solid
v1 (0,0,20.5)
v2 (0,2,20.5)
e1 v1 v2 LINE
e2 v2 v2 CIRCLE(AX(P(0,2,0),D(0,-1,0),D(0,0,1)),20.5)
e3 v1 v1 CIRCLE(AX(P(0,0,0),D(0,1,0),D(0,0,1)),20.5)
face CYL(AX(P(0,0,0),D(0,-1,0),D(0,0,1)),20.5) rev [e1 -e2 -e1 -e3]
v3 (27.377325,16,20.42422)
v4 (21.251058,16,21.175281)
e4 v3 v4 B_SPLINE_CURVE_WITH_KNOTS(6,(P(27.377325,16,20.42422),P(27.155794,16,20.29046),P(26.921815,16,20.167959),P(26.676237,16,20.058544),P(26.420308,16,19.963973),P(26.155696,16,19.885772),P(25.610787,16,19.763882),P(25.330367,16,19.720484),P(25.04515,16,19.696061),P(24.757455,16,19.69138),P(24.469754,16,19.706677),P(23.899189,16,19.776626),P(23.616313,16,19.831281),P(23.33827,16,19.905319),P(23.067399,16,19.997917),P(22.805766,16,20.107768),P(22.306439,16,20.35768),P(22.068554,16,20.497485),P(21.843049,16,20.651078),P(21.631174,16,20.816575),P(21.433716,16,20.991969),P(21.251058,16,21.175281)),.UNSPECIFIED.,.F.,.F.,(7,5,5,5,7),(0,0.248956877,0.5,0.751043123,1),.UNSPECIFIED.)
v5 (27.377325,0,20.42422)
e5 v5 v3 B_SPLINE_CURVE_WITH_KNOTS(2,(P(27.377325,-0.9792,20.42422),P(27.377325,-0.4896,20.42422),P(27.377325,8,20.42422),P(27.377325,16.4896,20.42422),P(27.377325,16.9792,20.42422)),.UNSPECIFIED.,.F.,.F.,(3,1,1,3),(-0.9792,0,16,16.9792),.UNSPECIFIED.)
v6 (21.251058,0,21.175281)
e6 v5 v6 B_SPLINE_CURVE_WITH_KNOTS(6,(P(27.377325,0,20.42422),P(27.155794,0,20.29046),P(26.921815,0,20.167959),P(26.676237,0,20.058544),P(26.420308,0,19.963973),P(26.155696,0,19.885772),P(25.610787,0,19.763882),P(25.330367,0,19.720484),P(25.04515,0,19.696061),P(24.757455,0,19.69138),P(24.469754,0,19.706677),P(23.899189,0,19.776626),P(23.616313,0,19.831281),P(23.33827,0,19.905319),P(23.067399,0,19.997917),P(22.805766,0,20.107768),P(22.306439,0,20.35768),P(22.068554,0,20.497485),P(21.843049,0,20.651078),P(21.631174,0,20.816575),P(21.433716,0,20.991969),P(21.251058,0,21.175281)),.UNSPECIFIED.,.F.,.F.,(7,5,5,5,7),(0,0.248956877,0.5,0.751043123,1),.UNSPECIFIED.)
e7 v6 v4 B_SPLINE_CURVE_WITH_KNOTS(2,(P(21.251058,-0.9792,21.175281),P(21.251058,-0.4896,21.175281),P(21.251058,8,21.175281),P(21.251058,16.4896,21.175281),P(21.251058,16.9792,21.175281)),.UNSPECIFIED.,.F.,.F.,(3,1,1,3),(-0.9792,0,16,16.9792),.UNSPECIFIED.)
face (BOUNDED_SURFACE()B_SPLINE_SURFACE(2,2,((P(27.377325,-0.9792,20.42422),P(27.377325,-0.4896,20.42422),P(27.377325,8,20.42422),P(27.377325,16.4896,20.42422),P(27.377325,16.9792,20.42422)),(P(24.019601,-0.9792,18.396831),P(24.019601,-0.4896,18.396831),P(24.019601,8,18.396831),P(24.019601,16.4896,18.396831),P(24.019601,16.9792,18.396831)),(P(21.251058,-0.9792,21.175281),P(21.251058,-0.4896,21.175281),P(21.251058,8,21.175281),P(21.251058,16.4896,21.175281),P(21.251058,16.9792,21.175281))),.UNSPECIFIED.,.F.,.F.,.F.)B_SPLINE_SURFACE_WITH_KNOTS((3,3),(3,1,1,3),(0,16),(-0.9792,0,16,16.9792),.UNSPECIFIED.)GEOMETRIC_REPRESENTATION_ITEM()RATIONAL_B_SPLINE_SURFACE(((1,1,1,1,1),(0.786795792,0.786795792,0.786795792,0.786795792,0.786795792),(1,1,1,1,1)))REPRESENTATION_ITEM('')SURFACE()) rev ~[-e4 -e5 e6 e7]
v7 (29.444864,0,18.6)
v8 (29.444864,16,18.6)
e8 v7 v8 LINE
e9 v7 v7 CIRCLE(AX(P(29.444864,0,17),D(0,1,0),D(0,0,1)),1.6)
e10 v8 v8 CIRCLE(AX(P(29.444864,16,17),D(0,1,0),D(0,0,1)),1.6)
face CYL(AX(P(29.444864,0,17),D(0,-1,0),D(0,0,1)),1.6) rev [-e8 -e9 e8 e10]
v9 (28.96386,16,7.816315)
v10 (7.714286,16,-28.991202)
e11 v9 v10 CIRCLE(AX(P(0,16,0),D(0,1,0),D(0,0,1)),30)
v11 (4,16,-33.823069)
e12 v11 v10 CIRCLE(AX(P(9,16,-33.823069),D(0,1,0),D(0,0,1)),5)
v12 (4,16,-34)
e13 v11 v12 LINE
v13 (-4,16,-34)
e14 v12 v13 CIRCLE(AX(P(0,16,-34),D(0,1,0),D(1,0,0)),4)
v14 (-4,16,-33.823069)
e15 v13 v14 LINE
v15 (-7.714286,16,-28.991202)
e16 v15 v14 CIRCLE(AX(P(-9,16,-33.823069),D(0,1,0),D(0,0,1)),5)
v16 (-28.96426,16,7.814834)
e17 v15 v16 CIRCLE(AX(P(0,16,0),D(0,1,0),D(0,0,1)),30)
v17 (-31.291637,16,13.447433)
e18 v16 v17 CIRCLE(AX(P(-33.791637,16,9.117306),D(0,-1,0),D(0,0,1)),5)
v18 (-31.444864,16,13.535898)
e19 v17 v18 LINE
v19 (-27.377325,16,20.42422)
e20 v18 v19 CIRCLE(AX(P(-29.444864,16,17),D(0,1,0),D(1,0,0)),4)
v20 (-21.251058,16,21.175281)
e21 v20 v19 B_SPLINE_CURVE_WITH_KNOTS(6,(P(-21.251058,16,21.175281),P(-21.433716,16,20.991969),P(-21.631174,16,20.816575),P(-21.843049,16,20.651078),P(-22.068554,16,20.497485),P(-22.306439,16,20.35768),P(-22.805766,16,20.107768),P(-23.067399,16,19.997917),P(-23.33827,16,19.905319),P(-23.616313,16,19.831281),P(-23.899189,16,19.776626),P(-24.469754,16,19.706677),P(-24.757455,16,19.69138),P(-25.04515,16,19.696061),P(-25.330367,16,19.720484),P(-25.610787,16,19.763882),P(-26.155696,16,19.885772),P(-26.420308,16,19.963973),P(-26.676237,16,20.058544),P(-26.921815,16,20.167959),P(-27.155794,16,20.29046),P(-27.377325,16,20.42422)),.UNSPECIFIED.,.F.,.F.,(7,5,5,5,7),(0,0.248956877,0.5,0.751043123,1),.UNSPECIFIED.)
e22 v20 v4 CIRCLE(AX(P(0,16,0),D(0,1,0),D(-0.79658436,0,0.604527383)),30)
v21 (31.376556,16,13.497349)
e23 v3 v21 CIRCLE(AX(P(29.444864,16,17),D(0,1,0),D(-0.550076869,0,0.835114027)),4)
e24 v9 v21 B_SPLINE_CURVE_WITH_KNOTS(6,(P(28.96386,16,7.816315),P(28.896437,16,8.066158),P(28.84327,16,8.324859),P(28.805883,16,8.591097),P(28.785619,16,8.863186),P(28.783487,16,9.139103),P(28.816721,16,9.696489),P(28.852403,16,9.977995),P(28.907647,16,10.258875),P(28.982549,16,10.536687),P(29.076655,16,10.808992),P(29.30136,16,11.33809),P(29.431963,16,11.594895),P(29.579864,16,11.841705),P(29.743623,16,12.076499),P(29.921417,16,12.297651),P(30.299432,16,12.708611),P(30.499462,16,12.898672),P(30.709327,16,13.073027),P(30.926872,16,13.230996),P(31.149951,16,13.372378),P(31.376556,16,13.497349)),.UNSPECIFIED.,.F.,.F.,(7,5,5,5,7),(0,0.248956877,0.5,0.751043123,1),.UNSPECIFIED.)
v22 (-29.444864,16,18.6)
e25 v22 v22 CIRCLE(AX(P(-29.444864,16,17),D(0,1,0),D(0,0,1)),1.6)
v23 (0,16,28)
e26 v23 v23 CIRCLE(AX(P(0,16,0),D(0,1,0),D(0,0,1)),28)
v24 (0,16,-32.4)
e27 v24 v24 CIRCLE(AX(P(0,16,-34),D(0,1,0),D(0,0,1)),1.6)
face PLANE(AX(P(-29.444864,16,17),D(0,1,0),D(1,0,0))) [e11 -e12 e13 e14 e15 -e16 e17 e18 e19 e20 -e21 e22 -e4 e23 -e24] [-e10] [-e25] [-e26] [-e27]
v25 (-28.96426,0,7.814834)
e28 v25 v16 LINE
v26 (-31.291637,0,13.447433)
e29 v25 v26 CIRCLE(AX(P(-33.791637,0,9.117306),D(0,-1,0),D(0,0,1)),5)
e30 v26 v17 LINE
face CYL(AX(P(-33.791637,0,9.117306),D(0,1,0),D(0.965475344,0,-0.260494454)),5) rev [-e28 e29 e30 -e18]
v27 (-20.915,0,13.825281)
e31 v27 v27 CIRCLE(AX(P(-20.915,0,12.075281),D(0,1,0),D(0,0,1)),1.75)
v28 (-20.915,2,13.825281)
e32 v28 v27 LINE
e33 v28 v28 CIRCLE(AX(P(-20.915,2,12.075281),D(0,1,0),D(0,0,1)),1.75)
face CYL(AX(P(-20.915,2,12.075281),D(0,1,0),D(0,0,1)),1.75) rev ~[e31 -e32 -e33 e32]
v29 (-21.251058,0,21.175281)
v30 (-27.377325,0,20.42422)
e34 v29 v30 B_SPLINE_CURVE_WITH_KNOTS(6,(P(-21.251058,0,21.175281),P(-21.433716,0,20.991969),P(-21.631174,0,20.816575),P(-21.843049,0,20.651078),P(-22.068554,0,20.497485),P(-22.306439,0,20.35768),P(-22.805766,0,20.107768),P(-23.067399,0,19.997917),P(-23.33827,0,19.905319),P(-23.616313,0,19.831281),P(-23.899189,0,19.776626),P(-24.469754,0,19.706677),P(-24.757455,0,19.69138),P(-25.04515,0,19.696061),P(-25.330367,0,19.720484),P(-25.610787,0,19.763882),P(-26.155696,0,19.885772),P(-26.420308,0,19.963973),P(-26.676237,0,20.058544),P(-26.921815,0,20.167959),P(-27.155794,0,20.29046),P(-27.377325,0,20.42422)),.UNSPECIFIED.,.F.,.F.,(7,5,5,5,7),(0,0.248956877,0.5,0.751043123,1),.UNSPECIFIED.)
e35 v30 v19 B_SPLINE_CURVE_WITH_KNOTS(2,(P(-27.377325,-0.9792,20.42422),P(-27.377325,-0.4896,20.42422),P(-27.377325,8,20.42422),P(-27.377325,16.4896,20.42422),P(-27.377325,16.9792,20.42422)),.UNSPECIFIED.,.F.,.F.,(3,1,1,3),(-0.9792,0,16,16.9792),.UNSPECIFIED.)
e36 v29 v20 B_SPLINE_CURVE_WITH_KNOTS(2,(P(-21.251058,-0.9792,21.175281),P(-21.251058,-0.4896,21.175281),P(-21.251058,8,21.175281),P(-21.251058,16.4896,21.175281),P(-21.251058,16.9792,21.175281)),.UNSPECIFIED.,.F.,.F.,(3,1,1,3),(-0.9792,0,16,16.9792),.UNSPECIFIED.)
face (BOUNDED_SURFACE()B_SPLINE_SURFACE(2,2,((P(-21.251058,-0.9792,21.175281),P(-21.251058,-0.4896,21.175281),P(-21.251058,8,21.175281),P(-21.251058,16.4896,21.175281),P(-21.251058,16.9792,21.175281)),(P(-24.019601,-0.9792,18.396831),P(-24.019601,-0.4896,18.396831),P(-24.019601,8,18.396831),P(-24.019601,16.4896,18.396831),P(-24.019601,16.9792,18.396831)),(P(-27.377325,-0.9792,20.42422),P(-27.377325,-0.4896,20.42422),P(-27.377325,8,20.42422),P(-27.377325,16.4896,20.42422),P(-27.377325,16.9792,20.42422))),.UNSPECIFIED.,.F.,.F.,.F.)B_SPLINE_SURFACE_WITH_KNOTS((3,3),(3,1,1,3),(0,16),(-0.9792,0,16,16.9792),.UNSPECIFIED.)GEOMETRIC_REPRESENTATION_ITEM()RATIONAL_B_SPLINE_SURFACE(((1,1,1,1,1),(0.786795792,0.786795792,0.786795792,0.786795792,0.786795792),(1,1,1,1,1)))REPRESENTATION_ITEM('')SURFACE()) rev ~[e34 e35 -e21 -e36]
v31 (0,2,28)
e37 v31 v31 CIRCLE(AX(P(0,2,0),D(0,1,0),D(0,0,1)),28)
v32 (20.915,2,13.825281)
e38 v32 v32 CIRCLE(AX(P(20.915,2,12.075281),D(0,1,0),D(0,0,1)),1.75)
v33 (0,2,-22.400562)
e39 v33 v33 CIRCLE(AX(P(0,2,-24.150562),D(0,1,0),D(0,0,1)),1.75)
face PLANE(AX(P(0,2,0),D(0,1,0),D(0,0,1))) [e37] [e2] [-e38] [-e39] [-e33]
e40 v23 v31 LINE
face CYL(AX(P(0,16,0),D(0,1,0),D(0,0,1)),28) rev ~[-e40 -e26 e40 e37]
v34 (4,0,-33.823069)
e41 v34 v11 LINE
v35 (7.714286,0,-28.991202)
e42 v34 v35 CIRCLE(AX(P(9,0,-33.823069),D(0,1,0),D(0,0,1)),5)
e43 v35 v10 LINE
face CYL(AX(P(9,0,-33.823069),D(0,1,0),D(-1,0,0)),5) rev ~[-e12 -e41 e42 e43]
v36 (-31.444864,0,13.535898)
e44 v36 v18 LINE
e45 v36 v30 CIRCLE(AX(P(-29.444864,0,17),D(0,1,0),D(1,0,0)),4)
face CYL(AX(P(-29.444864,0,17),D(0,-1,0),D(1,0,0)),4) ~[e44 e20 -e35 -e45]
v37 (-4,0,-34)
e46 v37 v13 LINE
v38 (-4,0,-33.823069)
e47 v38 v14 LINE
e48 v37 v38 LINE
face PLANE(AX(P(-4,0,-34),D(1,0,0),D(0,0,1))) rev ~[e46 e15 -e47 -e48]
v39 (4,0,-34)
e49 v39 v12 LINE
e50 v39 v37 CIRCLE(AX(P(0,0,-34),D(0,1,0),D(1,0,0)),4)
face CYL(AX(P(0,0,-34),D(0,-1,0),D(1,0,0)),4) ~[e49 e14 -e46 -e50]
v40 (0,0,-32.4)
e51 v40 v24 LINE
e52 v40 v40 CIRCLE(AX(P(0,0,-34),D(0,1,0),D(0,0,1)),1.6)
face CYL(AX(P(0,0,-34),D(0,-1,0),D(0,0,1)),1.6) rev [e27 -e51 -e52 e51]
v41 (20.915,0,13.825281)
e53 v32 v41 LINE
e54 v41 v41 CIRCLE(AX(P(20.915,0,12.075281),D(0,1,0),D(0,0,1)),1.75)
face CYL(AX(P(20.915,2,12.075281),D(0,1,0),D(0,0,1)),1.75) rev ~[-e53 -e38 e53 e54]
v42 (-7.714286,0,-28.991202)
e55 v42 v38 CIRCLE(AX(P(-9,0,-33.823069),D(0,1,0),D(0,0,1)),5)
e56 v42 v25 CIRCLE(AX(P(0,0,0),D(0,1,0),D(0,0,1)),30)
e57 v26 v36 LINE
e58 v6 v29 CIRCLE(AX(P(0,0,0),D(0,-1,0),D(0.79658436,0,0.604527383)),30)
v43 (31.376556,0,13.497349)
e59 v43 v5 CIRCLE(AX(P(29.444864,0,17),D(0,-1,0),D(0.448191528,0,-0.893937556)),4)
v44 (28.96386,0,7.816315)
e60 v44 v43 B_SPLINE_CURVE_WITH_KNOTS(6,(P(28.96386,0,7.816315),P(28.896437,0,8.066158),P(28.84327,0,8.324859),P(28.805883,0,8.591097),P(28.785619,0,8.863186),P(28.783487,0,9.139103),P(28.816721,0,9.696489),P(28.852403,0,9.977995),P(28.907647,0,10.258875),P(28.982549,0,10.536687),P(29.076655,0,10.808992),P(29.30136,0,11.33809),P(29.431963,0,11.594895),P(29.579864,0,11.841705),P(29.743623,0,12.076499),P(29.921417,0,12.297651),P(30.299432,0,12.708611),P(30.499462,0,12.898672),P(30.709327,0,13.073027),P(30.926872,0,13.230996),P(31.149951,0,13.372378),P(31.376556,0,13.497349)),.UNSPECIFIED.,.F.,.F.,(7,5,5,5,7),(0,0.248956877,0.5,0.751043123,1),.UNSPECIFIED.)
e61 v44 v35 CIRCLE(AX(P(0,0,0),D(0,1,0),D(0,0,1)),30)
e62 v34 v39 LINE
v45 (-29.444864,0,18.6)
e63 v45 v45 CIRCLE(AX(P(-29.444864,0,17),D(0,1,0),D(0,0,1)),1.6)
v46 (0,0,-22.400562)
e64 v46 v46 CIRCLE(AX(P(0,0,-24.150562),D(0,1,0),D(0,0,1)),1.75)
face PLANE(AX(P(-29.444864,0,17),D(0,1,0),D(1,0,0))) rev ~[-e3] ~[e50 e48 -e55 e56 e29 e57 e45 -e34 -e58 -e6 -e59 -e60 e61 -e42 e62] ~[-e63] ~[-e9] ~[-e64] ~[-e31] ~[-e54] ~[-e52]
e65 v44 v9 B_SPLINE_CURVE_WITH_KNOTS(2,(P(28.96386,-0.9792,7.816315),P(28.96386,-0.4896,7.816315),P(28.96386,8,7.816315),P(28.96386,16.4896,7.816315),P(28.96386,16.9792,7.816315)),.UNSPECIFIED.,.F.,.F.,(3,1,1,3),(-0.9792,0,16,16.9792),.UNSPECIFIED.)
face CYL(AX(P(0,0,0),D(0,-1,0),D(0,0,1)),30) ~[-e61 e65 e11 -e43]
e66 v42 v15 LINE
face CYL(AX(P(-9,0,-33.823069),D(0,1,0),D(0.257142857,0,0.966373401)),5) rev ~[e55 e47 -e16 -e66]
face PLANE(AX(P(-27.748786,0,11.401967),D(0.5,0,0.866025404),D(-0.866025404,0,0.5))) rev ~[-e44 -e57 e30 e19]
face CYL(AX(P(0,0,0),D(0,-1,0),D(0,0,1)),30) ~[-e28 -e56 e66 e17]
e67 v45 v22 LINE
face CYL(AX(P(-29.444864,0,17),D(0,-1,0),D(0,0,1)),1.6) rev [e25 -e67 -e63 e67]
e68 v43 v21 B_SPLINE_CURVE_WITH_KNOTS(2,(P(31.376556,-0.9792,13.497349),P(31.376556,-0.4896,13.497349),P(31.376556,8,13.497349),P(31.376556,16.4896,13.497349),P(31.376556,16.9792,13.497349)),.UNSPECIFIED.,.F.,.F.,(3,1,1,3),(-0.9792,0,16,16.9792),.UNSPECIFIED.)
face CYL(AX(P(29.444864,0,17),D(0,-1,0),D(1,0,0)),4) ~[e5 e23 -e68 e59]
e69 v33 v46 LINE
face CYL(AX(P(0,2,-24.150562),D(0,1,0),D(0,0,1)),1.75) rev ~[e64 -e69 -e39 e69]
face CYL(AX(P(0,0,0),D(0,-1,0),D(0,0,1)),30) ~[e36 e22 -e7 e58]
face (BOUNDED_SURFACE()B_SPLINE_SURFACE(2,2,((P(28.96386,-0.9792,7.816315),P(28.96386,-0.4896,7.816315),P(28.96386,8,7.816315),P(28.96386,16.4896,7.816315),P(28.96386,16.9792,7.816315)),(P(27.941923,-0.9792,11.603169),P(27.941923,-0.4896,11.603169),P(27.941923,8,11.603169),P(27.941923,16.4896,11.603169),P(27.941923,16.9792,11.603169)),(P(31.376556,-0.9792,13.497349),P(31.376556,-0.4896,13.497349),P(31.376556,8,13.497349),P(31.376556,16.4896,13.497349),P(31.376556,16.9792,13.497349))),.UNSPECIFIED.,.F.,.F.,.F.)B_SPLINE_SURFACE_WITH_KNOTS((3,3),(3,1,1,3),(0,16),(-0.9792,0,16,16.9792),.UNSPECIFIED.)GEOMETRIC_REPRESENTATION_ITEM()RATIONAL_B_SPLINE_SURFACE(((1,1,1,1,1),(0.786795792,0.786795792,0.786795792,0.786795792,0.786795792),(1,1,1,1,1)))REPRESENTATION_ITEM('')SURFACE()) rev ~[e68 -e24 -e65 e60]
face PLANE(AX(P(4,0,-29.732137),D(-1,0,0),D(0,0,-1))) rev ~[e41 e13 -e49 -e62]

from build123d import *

# Parameters (mm, degrees)
SKETCH1_R           = 30
SKETCH1_R_2         = 20.5
BOSS_EXTRUDE1_DEPTH = 16
SKETCH2_R           = 28
CUT_EXTRUDE1_DEPTH  = 14
BOSS_EXTRUDE2_START = -16
SKETCH4_R           = 4
SKETCH4_R_2         = 1.6
BOSS_EXTRUDE2_DEPTH = 16
FILLET1_R           = 5
SKETCH5_R           = 1.75
CUT_EXTRUDE2_DEPTH  = 53.521985177


with BuildPart() as part:
    # Sketch1 → Boss-Extrude1 (new body)
    with BuildSketch(Plane(origin=(0, 0, 0), x_dir=(1, 0, 0), z_dir=(0, 1, 0))):
        with Locations(Location((0, 0, 0), (0, 0, 270))):
            Circle(SKETCH1_R)
        with Locations(Location((0, 0, 0), (0, 0, 270))):
            Circle(SKETCH1_R_2, mode=Mode.SUBTRACT)
    extrude(amount=BOSS_EXTRUDE1_DEPTH)

    # Sketch2 → Cut-Extrude1 (cut)
    with BuildSketch(Plane(origin=(0, 16, 0), x_dir=(1, 0, 0), z_dir=(0, 1, 0))):
        with Locations(Location((0, 0, 0), (0, 0, 270))):
            Circle(SKETCH2_R)
    extrude(amount=-CUT_EXTRUDE1_DEPTH, mode=Mode.SUBTRACT)

    # Sketch4 → Boss-Extrude2 (add)
    # profile 1 of 9: a face of its own
    with BuildSketch(Plane(origin=(0, 16, 0), x_dir=(1, 0, 0), z_dir=(0, 1, 0)).offset(BOSS_EXTRUDE2_START)):
        with Locations((-29.444863729, -17)):
            Circle(SKETCH4_R)
        with Locations(Location((-29.444863729, -17, 0), (0, 0, 270))):
            Circle(SKETCH4_R_2, mode=Mode.SUBTRACT)
    # profile 2 of 9: a face of its own
    with BuildSketch(Plane(origin=(0, 16, 0), x_dir=(1, 0, 0), z_dir=(0, 1, 0)).offset(BOSS_EXTRUDE2_START)):
        with BuildLine():
            ThreePointArc((-23.897530801, -18.135821504), (-24.988384694, -16.600621385), (-25.980762095, -15.000000032))
            ThreePointArc((-25.980762095, -15.000000032), (-25.581160419, -15.964723837), (-25.444863729, -17))
            ThreePointArc((-25.444863729, -17), (-25.92341304, -18.897204534), (-27.244556251, -20.340456107))
            Line((-27.244556251, -20.340456107), (-23.897530801, -18.135821504))
        make_face()
    # profile 3 of 9: a face of its own
    with BuildSketch(Plane(origin=(0, 16, 0), x_dir=(1, 0, 0), z_dir=(0, 1, 0)).offset(BOSS_EXTRUDE2_START)):
        with BuildLine():
            ThreePointArc((-25.980762095, -15.000000032), (-26.92494299, -13.230549686), (-27.748786379, -11.401967132))
            Line((-27.748786379, -11.401967132), (-31.444863729, -13.535898385))
            ThreePointArc((-31.444863729, -13.535898385), (-28.40958753, -13.1362967), (-25.980762095, -15.000000032))
        make_face()
    # profile 4 of 9: a face of its own
    with BuildSketch(Plane(origin=(0, 16, 0), x_dir=(1, 0, 0), z_dir=(0, 1, 0)).offset(BOSS_EXTRUDE2_START)):
        with Locations((0, 34)):
            Circle(SKETCH4_R)
        with Locations(Location((0, 34, 0), (0, 0, 270))):
            Circle(SKETCH4_R_2, mode=Mode.SUBTRACT)
    # profile 5 of 9: a face of its own
    with BuildSketch(Plane(origin=(0, 16, 0), x_dir=(1, 0, 0), z_dir=(0, 1, 0)).offset(BOSS_EXTRUDE2_START)):
        with BuildLine():
            Line((4, 29.732137495), (4, 34))
            ThreePointArc((4, 34), (2.828427119, 31.171572869), (-1.7e-08, 30))
            ThreePointArc((-1.7e-08, 30), (2.00447937, 29.932959467), (4, 29.732137495))
        make_face()
    # profile 6 of 9: a face of its own
    with BuildSketch(Plane(origin=(0, 16, 0), x_dir=(1, 0, 0), z_dir=(0, 1, 0)).offset(BOSS_EXTRUDE2_START)):
        with BuildLine():
            ThreePointArc((-1.7e-08, 30), (-2.828427131, 31.171572881), (-4, 34))
            Line((-4, 34), (-4, 29.732137495))
            ThreePointArc((-4, 29.732137495), (-2.004479388, 29.932959466), (-1.7e-08, 30))
        make_face()
    # profile 7 of 9: a face of its own
    with BuildSketch(Plane(origin=(0, 16, 0), x_dir=(1, 0, 0), z_dir=(0, 1, 0)).offset(BOSS_EXTRUDE2_START)):
        with BuildLine():
            ThreePointArc((27.244556251, -20.340456107), (25.552370926, -17.921140477), (25.980761986, -15.00000022))
            ThreePointArc((25.980761986, -15.00000022), (24.988384634, -16.600621476), (23.897530801, -18.135821504))
            Line((23.897530801, -18.135821504), (27.244556251, -20.340456107))
        make_face()
    # profile 8 of 9: a face of its own
    with BuildSketch(Plane(origin=(0, 16, 0), x_dir=(1, 0, 0), z_dir=(0, 1, 0)).offset(BOSS_EXTRUDE2_START)):
        with BuildLine():
            Line((31.237629839, -13.424249775), (27.74612946, -11.408431091))
            ThreePointArc((27.74612946, -11.408431091), (26.923401686, -13.233685868), (25.980761986, -15.00000022))
            ThreePointArc((25.980761986, -15.00000022), (28.296348137, -13.168432183), (31.237629839, -13.424249775))
        make_face()
    # profile 9 of 9: a face of its own
    with BuildSketch(Plane(origin=(0, 16, 0), x_dir=(1, 0, 0), z_dir=(0, 1, 0)).offset(BOSS_EXTRUDE2_START)):
        with Locations((29.444863729, -17)):
            Circle(SKETCH4_R)
        with Locations(Location((29.444863729, -17, 0), (0, 0, 270))):
            Circle(SKETCH4_R_2, mode=Mode.SUBTRACT)
    extrude(amount=BOSS_EXTRUDE2_DEPTH)

    # Fillet1
    fillet1_edges = [part.edges().sort_by_distance(p)[0] for p in [
        (23.897530801, 8, 18.135821504),
        (27.74612946, 8, 11.408431091),
        (4, 8, -29.732137495),
        (-4, 8, -29.732137495),
        (-27.748786379, 8, 11.401967132),
        (-23.897530801, 8, 18.135821504),
    ]]
    fillet(fillet1_edges, radius=FILLET1_R)

    # Sketch5 → Cut-Extrude2 (cut, through all)
    with BuildSketch(Plane(origin=(0, 2, 0), x_dir=(1, 0, 0), z_dir=(0, 1, 0))):
        with Locations(Location((0, 24.15056176, 0), (0, 0, 270))):
            Circle(SKETCH5_R)
        with Locations(Location((-20.915, -12.07528088, 0), (0, 0, 270))):
            Circle(SKETCH5_R)
        with Locations(Location((20.915, -12.07528088, 0), (0, 0, 270))):
            Circle(SKETCH5_R)
    extrude(amount=-CUT_EXTRUDE2_DEPTH, mode=Mode.SUBTRACT)


solid = part.part
